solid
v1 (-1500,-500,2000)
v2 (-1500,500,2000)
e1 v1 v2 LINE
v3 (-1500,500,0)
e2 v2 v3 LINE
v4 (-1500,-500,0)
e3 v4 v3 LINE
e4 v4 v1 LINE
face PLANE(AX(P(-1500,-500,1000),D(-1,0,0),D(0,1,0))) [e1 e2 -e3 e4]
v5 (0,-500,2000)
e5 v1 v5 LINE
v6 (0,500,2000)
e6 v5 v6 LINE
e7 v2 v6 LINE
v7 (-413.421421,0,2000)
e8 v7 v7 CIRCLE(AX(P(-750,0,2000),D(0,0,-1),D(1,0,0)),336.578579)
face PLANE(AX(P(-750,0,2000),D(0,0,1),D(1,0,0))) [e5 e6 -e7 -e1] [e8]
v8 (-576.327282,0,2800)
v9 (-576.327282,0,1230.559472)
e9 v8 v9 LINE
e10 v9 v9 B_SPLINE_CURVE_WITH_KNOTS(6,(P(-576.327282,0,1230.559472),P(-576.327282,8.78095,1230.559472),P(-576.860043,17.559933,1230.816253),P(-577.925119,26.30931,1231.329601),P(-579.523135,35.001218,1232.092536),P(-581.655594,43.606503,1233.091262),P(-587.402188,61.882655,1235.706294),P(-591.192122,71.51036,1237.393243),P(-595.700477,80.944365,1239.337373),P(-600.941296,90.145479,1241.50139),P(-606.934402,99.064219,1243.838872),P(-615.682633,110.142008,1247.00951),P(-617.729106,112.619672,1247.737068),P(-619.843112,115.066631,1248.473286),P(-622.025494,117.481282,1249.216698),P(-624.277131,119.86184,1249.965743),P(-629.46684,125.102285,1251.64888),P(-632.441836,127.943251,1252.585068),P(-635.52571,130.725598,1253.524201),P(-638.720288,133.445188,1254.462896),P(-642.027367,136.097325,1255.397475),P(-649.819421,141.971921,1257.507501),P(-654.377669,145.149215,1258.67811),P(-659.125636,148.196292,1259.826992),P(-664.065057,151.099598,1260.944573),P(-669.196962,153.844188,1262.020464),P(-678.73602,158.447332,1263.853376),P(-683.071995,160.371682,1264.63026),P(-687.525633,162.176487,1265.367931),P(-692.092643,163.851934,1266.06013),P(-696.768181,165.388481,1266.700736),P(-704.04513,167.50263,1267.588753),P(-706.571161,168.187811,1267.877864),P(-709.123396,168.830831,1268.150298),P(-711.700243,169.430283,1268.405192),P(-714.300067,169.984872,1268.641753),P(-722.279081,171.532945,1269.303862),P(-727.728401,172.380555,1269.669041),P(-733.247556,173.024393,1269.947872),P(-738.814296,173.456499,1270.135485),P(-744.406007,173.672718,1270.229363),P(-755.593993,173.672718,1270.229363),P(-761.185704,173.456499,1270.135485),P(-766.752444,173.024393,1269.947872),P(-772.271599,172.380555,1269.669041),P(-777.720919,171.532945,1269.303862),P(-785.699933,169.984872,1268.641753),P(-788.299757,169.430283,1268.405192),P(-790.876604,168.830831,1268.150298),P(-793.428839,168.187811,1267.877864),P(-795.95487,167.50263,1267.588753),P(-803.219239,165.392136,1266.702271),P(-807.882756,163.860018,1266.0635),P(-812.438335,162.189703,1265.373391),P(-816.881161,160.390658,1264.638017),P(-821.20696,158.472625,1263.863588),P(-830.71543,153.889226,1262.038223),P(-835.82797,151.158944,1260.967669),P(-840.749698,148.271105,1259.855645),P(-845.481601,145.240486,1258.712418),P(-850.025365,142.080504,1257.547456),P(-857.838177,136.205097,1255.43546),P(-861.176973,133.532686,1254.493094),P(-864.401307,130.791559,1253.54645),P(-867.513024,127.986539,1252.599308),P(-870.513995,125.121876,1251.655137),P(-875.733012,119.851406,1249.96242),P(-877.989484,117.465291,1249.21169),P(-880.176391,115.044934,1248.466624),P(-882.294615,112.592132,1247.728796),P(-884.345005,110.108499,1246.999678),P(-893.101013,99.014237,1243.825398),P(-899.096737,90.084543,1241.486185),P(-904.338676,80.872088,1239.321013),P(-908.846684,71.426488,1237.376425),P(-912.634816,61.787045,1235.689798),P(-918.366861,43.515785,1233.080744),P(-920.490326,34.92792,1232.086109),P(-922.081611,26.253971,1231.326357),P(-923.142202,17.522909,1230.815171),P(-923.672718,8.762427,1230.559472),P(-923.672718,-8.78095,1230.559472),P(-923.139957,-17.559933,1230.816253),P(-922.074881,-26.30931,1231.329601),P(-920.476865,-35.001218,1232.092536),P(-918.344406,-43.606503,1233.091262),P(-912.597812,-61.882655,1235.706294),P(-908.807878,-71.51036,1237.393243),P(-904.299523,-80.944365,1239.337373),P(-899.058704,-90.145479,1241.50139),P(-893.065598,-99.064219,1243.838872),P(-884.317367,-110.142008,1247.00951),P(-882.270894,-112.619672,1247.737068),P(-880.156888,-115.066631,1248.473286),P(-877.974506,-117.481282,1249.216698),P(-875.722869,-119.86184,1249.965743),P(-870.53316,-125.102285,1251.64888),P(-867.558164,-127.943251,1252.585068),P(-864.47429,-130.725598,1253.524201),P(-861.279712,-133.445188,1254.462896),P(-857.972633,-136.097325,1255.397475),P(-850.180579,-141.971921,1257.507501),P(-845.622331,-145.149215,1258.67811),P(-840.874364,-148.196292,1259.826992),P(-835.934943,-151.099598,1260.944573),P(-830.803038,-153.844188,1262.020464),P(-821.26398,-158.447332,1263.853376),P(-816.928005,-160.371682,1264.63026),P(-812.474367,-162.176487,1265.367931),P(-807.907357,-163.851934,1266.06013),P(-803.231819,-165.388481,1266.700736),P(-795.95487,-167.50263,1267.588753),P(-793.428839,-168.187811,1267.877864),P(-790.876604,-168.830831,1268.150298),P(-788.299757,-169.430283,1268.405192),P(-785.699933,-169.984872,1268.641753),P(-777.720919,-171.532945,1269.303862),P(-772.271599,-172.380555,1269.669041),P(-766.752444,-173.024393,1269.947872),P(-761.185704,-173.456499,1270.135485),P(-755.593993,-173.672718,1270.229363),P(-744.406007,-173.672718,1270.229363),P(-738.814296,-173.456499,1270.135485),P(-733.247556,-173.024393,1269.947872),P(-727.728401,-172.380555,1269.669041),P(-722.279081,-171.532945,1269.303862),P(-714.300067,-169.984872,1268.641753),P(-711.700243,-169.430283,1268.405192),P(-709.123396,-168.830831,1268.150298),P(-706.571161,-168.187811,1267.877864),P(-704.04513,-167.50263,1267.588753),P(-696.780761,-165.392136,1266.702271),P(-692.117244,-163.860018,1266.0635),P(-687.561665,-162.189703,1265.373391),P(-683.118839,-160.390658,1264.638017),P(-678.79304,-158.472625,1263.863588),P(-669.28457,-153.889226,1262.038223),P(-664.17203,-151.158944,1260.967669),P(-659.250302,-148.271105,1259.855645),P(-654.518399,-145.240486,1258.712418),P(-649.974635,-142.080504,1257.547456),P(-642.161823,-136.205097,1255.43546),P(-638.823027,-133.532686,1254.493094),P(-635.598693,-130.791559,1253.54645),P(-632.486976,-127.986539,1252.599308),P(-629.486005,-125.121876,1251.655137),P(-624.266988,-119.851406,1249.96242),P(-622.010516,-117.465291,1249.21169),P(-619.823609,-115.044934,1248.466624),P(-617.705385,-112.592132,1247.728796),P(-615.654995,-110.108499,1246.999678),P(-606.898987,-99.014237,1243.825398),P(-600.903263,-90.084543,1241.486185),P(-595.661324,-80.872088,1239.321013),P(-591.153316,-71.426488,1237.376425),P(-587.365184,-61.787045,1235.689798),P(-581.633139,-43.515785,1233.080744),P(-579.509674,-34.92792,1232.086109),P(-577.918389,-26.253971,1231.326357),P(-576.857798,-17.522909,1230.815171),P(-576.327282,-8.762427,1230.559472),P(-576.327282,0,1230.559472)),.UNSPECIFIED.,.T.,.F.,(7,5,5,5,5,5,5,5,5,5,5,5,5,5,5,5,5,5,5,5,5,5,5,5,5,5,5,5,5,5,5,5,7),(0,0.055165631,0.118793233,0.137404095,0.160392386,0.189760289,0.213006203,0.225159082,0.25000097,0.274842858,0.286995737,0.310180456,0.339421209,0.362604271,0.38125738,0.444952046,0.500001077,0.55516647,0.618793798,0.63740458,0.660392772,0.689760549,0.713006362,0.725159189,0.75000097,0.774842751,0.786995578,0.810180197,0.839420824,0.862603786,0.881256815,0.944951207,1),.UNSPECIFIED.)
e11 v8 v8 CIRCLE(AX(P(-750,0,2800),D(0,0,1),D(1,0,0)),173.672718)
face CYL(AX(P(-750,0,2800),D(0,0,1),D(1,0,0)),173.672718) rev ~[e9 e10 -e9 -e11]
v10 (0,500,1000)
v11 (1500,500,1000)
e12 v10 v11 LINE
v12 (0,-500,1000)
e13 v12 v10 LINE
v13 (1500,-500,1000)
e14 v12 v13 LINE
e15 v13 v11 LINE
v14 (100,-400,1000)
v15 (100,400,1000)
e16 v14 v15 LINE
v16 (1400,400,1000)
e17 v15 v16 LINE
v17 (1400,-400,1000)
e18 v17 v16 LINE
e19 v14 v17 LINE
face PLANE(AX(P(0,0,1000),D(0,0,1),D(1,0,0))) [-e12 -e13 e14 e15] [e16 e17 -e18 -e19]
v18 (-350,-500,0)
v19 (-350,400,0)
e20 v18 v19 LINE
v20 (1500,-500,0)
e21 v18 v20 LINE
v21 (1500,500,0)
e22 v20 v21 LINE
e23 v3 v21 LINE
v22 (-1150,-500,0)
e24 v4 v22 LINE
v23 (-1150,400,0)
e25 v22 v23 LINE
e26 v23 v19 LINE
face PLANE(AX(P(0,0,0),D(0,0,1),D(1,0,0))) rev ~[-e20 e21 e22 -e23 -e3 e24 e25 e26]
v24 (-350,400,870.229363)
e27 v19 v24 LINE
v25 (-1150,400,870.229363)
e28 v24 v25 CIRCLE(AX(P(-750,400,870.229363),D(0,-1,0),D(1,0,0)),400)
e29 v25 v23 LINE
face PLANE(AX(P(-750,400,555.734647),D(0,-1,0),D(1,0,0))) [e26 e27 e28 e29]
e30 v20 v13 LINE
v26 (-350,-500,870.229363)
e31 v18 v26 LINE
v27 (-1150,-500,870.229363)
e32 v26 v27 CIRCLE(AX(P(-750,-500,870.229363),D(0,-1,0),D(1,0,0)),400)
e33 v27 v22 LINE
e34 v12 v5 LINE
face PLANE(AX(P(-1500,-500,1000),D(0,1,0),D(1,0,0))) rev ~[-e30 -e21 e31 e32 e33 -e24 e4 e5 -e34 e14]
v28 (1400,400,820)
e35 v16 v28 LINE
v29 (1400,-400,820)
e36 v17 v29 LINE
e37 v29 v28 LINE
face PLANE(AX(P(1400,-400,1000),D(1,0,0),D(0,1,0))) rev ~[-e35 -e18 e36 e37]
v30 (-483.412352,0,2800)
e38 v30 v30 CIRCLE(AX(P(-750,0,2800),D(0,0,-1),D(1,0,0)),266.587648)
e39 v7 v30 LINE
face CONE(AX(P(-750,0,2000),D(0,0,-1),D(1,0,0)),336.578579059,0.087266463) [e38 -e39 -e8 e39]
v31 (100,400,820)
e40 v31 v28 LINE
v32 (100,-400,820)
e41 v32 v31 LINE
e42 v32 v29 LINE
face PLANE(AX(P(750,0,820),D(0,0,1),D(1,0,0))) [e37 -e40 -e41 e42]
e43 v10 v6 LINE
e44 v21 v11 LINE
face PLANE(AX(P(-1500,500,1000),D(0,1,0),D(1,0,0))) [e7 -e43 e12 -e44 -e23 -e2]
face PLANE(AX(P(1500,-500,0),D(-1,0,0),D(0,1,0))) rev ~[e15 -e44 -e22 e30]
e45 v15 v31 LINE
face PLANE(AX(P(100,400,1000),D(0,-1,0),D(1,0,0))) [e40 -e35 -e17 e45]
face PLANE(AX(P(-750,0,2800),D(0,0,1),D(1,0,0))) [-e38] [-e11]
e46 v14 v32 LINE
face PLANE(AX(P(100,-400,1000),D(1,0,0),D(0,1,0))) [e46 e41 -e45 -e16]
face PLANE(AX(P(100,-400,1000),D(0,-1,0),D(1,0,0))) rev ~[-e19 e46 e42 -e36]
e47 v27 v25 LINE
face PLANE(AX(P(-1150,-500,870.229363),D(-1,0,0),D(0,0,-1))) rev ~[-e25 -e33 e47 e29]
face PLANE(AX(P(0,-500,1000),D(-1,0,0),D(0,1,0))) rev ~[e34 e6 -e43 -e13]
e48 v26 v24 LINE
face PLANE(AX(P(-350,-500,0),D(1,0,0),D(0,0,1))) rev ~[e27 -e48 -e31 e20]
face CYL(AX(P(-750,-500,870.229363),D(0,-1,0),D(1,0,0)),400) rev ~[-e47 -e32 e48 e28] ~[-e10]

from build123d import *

# Parameters (mm, degrees)
F0_W      = 3000
F0_H      = 1000
F1_DEPTH  = 1000
F2_W      = 1500
F2_H      = 1000
F3_DEPTH  = 1000
F5_DEPTH  = 900
F6_W      = 1300
F6_H      = 800
F7_DEPTH  = 180
F8_R      = 336.5785790594
F9_DEPTH  = 800
F9_TAPER  = 5
F10_R     = 173.6727180738
F11_DEPTH = 2800.001


with BuildPart() as f1:
    # F0 (on Top) → F1 (new body)
    with BuildSketch(Plane.XY):
        Rectangle(F0_W, F0_H)
    extrude(amount=F1_DEPTH)

    # F2 (on face) → F3 (join)
    with BuildSketch(Plane.XY.offset(1000)):
        with Locations((-750, 0)):
            Rectangle(F2_W, F2_H)
    extrude(amount=F3_DEPTH)

    # F4 (on face) → F5 (cut)
    with BuildSketch(Plane.XZ.offset(500)):
        with BuildLine():
            Line((-1150, 870.2293634415), (-1150, 0))
            Line((-1150, 0), (-350, 0))
            Line((-350, 0), (-350, 870.2293634415))
            ThreePointArc((-350, 870.2293634415), (-750, 1270.2293634415), (-1150, 870.2293634415))
        make_face()
    extrude(amount=-F5_DEPTH, mode=Mode.SUBTRACT)

    # F6 (on face) → F7 (cut)
    with BuildSketch(Plane.XY.offset(1000)):
        with Locations((750, 0)):
            Rectangle(F6_W, F6_H)
    extrude(amount=-F7_DEPTH, mode=Mode.SUBTRACT)

    # F8 (on face) → F9 (join)
    with BuildSketch(Plane.XY.offset(2000)):
        with Locations((-750, 0)):
            Circle(F8_R)
    extrude(amount=F9_DEPTH, taper=F9_TAPER)

    # F10 (on face) → F11 (cut, through all)
    with BuildSketch(Plane.XY.offset(2800)):
        with Locations((-750, 0)):
            Circle(F10_R)
    extrude(amount=-F11_DEPTH, mode=Mode.SUBTRACT)


solid = f1.part
